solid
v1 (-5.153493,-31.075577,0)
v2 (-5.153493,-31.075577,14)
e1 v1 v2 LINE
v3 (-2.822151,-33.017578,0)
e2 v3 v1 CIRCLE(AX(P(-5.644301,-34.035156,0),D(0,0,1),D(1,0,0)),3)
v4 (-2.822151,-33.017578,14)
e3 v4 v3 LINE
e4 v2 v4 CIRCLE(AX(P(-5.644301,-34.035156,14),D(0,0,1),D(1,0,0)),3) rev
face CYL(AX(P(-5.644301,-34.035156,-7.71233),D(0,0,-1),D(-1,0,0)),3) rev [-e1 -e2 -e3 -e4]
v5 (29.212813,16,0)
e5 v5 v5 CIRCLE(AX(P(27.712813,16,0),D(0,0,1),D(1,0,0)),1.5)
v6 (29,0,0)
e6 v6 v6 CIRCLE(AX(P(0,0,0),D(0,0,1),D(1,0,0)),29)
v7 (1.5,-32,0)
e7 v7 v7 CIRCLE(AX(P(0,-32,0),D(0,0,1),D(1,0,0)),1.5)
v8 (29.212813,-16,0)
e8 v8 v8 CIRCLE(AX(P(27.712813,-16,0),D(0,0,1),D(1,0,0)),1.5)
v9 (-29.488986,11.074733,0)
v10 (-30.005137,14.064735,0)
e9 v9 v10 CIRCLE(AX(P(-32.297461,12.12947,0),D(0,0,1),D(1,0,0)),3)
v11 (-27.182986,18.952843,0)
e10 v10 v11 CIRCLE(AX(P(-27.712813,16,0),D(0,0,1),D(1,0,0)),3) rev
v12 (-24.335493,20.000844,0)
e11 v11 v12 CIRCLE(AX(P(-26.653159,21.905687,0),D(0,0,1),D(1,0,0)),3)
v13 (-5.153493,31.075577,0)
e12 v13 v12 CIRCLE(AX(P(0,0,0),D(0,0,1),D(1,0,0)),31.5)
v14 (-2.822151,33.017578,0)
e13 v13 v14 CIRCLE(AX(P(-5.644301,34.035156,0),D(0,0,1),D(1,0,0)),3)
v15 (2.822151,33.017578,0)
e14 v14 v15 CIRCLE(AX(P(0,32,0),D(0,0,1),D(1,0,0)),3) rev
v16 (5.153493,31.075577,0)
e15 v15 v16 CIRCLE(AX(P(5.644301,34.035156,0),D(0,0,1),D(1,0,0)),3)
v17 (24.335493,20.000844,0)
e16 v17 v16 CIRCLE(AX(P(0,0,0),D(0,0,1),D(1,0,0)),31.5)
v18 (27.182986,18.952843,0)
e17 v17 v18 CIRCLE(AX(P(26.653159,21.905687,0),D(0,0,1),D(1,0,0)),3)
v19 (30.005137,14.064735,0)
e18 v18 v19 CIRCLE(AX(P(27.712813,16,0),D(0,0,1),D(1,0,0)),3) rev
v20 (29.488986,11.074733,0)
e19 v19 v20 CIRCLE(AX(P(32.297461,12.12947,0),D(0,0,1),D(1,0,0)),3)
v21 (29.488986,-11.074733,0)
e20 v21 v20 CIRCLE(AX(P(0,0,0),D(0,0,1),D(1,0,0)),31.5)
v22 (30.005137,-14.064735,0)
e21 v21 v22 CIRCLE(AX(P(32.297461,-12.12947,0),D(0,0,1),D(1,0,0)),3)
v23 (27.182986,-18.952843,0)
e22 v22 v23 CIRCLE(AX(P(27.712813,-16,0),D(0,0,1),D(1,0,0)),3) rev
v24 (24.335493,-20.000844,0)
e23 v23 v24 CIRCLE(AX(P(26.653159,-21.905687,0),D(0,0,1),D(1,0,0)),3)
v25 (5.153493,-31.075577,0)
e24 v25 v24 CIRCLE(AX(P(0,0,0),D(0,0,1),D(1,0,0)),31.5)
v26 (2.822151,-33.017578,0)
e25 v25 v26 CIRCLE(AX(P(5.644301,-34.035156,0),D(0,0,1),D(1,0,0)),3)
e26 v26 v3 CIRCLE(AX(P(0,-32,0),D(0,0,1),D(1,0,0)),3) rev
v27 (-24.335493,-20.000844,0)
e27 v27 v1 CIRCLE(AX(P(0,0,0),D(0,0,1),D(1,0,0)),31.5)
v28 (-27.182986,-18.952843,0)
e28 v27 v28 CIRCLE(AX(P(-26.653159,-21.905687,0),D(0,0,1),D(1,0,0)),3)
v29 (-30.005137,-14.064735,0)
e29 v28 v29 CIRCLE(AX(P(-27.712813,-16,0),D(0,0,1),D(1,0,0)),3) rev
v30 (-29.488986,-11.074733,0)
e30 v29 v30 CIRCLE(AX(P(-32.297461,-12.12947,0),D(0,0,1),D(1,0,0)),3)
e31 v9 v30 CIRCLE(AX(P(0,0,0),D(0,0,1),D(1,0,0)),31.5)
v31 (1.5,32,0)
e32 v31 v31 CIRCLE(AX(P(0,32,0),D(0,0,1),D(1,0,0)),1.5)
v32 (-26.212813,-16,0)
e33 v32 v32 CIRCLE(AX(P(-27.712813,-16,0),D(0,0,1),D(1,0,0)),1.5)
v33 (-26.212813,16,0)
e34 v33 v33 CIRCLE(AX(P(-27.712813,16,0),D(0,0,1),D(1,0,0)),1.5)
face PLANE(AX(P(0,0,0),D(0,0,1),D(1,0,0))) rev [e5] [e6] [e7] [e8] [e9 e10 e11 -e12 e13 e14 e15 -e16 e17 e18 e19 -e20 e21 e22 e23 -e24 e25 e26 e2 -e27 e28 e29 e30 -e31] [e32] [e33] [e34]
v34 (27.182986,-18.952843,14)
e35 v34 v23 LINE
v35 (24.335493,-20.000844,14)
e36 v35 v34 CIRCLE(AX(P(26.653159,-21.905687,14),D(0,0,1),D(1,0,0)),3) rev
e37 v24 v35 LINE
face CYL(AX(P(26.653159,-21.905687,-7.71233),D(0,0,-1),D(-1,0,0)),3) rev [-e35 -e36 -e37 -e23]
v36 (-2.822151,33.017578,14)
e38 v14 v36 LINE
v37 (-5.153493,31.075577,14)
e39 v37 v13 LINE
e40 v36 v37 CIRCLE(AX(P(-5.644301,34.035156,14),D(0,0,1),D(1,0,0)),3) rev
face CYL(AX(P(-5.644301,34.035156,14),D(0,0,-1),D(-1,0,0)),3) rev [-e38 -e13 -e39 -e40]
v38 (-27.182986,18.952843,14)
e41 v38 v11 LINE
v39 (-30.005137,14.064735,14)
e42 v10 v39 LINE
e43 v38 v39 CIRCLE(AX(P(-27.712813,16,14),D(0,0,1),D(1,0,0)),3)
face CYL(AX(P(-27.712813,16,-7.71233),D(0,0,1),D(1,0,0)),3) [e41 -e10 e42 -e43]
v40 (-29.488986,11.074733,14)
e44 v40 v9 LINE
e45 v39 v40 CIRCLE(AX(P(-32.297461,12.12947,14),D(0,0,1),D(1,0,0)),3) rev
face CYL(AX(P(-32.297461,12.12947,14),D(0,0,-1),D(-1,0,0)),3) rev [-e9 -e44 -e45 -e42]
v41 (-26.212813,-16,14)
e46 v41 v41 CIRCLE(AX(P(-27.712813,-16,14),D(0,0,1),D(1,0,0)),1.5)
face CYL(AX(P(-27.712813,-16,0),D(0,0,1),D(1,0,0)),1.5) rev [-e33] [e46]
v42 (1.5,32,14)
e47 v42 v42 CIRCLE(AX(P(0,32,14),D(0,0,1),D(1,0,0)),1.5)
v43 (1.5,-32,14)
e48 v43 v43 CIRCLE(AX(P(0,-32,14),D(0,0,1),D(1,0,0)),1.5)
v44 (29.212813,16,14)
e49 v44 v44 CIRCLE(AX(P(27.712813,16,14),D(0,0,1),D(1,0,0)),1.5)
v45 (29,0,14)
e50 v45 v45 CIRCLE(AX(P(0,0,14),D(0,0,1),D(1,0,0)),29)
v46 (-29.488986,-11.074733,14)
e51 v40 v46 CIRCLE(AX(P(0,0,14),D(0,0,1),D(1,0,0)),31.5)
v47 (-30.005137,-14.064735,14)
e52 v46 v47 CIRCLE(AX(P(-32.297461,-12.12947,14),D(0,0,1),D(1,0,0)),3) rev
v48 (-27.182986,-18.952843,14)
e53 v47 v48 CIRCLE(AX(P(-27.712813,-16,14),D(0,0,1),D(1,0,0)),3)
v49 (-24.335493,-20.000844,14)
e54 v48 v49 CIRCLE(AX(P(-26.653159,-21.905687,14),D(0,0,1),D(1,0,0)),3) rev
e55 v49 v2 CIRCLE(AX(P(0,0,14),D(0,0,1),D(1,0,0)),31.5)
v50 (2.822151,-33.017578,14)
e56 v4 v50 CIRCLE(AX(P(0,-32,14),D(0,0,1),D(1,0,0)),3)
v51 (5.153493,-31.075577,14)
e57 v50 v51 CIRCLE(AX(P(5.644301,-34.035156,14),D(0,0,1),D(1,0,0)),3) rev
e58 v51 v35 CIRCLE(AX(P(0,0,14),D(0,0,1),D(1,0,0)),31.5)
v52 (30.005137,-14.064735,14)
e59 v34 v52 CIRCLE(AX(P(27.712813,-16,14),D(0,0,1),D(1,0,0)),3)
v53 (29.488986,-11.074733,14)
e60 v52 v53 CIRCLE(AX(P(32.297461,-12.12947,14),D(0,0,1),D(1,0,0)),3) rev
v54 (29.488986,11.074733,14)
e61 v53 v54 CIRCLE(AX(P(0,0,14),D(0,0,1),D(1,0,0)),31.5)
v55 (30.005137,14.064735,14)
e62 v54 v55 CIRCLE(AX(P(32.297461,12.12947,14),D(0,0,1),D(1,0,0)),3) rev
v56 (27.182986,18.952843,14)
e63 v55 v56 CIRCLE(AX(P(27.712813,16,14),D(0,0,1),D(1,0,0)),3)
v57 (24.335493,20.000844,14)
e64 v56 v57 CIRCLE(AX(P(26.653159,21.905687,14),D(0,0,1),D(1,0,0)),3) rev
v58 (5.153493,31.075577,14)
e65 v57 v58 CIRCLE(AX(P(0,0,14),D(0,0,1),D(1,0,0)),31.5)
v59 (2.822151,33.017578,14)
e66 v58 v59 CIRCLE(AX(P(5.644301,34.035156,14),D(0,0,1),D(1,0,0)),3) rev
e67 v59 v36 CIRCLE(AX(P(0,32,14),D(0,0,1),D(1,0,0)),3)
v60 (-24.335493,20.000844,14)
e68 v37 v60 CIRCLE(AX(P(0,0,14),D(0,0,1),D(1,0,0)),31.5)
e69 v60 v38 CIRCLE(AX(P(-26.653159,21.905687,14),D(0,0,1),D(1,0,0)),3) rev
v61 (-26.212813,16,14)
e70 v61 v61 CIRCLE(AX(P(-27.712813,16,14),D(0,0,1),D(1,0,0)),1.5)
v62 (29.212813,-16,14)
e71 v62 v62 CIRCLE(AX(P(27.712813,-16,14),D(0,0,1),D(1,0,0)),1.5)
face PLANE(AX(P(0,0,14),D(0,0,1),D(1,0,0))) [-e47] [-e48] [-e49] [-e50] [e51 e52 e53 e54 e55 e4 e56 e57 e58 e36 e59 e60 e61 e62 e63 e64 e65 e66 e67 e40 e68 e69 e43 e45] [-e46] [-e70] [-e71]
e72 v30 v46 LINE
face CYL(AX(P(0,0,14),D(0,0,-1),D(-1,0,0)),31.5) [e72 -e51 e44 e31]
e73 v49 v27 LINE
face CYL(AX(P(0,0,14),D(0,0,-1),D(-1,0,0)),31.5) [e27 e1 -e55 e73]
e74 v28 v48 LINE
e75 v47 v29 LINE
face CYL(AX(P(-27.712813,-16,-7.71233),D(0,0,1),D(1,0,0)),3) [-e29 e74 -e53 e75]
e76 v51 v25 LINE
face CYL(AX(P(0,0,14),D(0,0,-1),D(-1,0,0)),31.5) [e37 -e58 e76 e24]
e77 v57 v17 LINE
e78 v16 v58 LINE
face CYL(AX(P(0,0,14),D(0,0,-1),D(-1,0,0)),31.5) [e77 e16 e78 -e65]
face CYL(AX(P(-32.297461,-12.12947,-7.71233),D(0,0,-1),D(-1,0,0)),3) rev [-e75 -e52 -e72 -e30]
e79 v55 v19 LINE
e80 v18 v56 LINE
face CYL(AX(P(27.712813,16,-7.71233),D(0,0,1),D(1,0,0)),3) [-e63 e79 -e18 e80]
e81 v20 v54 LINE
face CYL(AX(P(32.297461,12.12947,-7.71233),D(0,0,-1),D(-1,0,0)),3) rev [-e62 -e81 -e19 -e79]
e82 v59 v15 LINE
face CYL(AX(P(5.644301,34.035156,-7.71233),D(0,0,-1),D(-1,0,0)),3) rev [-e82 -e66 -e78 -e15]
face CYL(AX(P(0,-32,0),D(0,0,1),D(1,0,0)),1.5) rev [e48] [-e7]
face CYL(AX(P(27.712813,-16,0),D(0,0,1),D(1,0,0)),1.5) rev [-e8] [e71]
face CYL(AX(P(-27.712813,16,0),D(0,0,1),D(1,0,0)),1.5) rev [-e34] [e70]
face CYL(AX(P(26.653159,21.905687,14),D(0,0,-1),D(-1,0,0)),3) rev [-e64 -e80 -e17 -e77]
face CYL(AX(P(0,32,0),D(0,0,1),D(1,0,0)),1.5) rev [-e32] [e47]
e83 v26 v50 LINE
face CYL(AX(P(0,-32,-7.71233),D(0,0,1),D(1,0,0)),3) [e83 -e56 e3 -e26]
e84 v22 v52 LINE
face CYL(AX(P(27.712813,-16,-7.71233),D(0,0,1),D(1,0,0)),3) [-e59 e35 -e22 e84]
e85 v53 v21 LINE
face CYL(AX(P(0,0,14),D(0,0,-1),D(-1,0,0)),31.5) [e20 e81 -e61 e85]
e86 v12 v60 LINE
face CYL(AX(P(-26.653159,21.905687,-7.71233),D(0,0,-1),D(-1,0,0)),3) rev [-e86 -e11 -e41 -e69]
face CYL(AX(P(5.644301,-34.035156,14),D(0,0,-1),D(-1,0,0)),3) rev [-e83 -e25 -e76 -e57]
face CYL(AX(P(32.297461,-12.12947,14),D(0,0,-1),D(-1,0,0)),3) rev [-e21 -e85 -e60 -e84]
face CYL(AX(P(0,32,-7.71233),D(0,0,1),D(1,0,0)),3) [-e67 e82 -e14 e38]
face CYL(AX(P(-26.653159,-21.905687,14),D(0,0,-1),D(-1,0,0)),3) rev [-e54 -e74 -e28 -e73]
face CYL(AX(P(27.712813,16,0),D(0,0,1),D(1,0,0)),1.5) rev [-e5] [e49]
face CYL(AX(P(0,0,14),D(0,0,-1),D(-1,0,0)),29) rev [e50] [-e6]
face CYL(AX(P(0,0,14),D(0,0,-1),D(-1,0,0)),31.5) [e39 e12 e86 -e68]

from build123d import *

# Parameters (mm, degrees)
SKETCH_1_R          = 31.5
SKETCH_1_R_2        = 29
EXTRUDE_1_DEPTH     = 14
EXTRUDE_START       = -14
EXTRUDE_2_DEPTH     = 14
SKETCH_3_R          = 1.5
CUT_EXTRUDE_1_DEPTH = 50.124840967
FILLET_1_R          = 3


with BuildPart() as part:
    # 草图1 → 凸台-拉伸1 (new body)
    with BuildSketch(Plane.XY):
        Circle(SKETCH_1_R)
        Circle(SKETCH_1_R_2, mode=Mode.SUBTRACT)
    extrude(amount=EXTRUDE_1_DEPTH)

    # 草图2 → 凸台-拉伸2 (add)
    with BuildSketch(Plane.XY.offset(14).offset(EXTRUDE_START)):
        with BuildLine():
            ThreePointArc((-28.627224802, 13.142754664), (-27.279800219, 15.75), (-25.695571815, 18.220526586))
            ThreePointArc((-25.695571815, 18.220526586), (-30.310889132, 17.5), (-28.627224802, 13.142754664))
        make_face()
        with BuildLine():
            ThreePointArc((-2.931652987, 31.36328125), (0, 31.5), (2.931652987, 31.36328125))
            ThreePointArc((2.931652987, 31.36328125), (0, 35), (-2.931652987, 31.36328125))
        make_face()
        with BuildLine():
            ThreePointArc((28.627224802, 13.142754664), (30.310889132, 17.5), (25.695571815, 18.220526586))
            ThreePointArc((25.695571815, 18.220526586), (27.279800219, 15.75), (28.627224802, 13.142754664))
        make_face()
        with BuildLine():
            ThreePointArc((25.695571815, -18.220526586), (30.310889132, -17.5), (28.627224802, -13.142754664))
            ThreePointArc((28.627224802, -13.142754664), (27.279800219, -15.75), (25.695571815, -18.220526586))
        make_face()
        with BuildLine():
            ThreePointArc((2.931652987, -31.36328125), (0, -31.5), (-2.931652987, -31.36328125))
            ThreePointArc((-2.931652987, -31.36328125), (0, -35), (2.931652987, -31.36328125))
        make_face()
        with BuildLine():
            ThreePointArc((-25.695571815, -18.220526586), (-27.279800219, -15.75), (-28.627224802, -13.142754664))
            ThreePointArc((-28.627224802, -13.142754664), (-30.310889132, -17.5), (-25.695571815, -18.220526586))
        make_face()
    extrude(amount=EXTRUDE_2_DEPTH)

    # 草图3 → 切除-拉伸1 (cut, through all)
    with BuildSketch(Plane.XY.offset(14)):
        with Locations((0, 32)):
            Circle(SKETCH_3_R)
        with Locations((-27.712812921, 16)):
            Circle(SKETCH_3_R)
        with Locations((-27.712812921, -16)):
            Circle(SKETCH_3_R)
        with Locations((0, -32)):
            Circle(SKETCH_3_R)
        with Locations((27.712812921, -16)):
            Circle(SKETCH_3_R)
        with Locations((27.712812921, 16)):
            Circle(SKETCH_3_R)
    extrude(amount=-CUT_EXTRUDE_1_DEPTH, mode=Mode.SUBTRACT)

    # 圆角1
    fillet_1_edges = [part.edges().sort_by_distance(p)[0] for p in [
        (-25.695571815, 18.220526586, 7),
        (-28.627224802, 13.142754664, 7),
        (2.931652987, 31.36328125, 7),
        (-2.931652987, 31.36328125, 7),
        (28.627224802, 13.142754664, 7),
        (25.695571815, 18.220526586, 7),
        (25.695571815, -18.220526586, 7),
        (28.627224802, -13.142754664, 7),
        (-2.931652987, -31.36328125, 7),
        (2.931652987, -31.36328125, 7),
        (-28.627224802, -13.142754664, 7),
        (-25.695571815, -18.220526586, 7),
    ]]
    fillet(fillet_1_edges, radius=FILLET_1_R)


solid = part.part
